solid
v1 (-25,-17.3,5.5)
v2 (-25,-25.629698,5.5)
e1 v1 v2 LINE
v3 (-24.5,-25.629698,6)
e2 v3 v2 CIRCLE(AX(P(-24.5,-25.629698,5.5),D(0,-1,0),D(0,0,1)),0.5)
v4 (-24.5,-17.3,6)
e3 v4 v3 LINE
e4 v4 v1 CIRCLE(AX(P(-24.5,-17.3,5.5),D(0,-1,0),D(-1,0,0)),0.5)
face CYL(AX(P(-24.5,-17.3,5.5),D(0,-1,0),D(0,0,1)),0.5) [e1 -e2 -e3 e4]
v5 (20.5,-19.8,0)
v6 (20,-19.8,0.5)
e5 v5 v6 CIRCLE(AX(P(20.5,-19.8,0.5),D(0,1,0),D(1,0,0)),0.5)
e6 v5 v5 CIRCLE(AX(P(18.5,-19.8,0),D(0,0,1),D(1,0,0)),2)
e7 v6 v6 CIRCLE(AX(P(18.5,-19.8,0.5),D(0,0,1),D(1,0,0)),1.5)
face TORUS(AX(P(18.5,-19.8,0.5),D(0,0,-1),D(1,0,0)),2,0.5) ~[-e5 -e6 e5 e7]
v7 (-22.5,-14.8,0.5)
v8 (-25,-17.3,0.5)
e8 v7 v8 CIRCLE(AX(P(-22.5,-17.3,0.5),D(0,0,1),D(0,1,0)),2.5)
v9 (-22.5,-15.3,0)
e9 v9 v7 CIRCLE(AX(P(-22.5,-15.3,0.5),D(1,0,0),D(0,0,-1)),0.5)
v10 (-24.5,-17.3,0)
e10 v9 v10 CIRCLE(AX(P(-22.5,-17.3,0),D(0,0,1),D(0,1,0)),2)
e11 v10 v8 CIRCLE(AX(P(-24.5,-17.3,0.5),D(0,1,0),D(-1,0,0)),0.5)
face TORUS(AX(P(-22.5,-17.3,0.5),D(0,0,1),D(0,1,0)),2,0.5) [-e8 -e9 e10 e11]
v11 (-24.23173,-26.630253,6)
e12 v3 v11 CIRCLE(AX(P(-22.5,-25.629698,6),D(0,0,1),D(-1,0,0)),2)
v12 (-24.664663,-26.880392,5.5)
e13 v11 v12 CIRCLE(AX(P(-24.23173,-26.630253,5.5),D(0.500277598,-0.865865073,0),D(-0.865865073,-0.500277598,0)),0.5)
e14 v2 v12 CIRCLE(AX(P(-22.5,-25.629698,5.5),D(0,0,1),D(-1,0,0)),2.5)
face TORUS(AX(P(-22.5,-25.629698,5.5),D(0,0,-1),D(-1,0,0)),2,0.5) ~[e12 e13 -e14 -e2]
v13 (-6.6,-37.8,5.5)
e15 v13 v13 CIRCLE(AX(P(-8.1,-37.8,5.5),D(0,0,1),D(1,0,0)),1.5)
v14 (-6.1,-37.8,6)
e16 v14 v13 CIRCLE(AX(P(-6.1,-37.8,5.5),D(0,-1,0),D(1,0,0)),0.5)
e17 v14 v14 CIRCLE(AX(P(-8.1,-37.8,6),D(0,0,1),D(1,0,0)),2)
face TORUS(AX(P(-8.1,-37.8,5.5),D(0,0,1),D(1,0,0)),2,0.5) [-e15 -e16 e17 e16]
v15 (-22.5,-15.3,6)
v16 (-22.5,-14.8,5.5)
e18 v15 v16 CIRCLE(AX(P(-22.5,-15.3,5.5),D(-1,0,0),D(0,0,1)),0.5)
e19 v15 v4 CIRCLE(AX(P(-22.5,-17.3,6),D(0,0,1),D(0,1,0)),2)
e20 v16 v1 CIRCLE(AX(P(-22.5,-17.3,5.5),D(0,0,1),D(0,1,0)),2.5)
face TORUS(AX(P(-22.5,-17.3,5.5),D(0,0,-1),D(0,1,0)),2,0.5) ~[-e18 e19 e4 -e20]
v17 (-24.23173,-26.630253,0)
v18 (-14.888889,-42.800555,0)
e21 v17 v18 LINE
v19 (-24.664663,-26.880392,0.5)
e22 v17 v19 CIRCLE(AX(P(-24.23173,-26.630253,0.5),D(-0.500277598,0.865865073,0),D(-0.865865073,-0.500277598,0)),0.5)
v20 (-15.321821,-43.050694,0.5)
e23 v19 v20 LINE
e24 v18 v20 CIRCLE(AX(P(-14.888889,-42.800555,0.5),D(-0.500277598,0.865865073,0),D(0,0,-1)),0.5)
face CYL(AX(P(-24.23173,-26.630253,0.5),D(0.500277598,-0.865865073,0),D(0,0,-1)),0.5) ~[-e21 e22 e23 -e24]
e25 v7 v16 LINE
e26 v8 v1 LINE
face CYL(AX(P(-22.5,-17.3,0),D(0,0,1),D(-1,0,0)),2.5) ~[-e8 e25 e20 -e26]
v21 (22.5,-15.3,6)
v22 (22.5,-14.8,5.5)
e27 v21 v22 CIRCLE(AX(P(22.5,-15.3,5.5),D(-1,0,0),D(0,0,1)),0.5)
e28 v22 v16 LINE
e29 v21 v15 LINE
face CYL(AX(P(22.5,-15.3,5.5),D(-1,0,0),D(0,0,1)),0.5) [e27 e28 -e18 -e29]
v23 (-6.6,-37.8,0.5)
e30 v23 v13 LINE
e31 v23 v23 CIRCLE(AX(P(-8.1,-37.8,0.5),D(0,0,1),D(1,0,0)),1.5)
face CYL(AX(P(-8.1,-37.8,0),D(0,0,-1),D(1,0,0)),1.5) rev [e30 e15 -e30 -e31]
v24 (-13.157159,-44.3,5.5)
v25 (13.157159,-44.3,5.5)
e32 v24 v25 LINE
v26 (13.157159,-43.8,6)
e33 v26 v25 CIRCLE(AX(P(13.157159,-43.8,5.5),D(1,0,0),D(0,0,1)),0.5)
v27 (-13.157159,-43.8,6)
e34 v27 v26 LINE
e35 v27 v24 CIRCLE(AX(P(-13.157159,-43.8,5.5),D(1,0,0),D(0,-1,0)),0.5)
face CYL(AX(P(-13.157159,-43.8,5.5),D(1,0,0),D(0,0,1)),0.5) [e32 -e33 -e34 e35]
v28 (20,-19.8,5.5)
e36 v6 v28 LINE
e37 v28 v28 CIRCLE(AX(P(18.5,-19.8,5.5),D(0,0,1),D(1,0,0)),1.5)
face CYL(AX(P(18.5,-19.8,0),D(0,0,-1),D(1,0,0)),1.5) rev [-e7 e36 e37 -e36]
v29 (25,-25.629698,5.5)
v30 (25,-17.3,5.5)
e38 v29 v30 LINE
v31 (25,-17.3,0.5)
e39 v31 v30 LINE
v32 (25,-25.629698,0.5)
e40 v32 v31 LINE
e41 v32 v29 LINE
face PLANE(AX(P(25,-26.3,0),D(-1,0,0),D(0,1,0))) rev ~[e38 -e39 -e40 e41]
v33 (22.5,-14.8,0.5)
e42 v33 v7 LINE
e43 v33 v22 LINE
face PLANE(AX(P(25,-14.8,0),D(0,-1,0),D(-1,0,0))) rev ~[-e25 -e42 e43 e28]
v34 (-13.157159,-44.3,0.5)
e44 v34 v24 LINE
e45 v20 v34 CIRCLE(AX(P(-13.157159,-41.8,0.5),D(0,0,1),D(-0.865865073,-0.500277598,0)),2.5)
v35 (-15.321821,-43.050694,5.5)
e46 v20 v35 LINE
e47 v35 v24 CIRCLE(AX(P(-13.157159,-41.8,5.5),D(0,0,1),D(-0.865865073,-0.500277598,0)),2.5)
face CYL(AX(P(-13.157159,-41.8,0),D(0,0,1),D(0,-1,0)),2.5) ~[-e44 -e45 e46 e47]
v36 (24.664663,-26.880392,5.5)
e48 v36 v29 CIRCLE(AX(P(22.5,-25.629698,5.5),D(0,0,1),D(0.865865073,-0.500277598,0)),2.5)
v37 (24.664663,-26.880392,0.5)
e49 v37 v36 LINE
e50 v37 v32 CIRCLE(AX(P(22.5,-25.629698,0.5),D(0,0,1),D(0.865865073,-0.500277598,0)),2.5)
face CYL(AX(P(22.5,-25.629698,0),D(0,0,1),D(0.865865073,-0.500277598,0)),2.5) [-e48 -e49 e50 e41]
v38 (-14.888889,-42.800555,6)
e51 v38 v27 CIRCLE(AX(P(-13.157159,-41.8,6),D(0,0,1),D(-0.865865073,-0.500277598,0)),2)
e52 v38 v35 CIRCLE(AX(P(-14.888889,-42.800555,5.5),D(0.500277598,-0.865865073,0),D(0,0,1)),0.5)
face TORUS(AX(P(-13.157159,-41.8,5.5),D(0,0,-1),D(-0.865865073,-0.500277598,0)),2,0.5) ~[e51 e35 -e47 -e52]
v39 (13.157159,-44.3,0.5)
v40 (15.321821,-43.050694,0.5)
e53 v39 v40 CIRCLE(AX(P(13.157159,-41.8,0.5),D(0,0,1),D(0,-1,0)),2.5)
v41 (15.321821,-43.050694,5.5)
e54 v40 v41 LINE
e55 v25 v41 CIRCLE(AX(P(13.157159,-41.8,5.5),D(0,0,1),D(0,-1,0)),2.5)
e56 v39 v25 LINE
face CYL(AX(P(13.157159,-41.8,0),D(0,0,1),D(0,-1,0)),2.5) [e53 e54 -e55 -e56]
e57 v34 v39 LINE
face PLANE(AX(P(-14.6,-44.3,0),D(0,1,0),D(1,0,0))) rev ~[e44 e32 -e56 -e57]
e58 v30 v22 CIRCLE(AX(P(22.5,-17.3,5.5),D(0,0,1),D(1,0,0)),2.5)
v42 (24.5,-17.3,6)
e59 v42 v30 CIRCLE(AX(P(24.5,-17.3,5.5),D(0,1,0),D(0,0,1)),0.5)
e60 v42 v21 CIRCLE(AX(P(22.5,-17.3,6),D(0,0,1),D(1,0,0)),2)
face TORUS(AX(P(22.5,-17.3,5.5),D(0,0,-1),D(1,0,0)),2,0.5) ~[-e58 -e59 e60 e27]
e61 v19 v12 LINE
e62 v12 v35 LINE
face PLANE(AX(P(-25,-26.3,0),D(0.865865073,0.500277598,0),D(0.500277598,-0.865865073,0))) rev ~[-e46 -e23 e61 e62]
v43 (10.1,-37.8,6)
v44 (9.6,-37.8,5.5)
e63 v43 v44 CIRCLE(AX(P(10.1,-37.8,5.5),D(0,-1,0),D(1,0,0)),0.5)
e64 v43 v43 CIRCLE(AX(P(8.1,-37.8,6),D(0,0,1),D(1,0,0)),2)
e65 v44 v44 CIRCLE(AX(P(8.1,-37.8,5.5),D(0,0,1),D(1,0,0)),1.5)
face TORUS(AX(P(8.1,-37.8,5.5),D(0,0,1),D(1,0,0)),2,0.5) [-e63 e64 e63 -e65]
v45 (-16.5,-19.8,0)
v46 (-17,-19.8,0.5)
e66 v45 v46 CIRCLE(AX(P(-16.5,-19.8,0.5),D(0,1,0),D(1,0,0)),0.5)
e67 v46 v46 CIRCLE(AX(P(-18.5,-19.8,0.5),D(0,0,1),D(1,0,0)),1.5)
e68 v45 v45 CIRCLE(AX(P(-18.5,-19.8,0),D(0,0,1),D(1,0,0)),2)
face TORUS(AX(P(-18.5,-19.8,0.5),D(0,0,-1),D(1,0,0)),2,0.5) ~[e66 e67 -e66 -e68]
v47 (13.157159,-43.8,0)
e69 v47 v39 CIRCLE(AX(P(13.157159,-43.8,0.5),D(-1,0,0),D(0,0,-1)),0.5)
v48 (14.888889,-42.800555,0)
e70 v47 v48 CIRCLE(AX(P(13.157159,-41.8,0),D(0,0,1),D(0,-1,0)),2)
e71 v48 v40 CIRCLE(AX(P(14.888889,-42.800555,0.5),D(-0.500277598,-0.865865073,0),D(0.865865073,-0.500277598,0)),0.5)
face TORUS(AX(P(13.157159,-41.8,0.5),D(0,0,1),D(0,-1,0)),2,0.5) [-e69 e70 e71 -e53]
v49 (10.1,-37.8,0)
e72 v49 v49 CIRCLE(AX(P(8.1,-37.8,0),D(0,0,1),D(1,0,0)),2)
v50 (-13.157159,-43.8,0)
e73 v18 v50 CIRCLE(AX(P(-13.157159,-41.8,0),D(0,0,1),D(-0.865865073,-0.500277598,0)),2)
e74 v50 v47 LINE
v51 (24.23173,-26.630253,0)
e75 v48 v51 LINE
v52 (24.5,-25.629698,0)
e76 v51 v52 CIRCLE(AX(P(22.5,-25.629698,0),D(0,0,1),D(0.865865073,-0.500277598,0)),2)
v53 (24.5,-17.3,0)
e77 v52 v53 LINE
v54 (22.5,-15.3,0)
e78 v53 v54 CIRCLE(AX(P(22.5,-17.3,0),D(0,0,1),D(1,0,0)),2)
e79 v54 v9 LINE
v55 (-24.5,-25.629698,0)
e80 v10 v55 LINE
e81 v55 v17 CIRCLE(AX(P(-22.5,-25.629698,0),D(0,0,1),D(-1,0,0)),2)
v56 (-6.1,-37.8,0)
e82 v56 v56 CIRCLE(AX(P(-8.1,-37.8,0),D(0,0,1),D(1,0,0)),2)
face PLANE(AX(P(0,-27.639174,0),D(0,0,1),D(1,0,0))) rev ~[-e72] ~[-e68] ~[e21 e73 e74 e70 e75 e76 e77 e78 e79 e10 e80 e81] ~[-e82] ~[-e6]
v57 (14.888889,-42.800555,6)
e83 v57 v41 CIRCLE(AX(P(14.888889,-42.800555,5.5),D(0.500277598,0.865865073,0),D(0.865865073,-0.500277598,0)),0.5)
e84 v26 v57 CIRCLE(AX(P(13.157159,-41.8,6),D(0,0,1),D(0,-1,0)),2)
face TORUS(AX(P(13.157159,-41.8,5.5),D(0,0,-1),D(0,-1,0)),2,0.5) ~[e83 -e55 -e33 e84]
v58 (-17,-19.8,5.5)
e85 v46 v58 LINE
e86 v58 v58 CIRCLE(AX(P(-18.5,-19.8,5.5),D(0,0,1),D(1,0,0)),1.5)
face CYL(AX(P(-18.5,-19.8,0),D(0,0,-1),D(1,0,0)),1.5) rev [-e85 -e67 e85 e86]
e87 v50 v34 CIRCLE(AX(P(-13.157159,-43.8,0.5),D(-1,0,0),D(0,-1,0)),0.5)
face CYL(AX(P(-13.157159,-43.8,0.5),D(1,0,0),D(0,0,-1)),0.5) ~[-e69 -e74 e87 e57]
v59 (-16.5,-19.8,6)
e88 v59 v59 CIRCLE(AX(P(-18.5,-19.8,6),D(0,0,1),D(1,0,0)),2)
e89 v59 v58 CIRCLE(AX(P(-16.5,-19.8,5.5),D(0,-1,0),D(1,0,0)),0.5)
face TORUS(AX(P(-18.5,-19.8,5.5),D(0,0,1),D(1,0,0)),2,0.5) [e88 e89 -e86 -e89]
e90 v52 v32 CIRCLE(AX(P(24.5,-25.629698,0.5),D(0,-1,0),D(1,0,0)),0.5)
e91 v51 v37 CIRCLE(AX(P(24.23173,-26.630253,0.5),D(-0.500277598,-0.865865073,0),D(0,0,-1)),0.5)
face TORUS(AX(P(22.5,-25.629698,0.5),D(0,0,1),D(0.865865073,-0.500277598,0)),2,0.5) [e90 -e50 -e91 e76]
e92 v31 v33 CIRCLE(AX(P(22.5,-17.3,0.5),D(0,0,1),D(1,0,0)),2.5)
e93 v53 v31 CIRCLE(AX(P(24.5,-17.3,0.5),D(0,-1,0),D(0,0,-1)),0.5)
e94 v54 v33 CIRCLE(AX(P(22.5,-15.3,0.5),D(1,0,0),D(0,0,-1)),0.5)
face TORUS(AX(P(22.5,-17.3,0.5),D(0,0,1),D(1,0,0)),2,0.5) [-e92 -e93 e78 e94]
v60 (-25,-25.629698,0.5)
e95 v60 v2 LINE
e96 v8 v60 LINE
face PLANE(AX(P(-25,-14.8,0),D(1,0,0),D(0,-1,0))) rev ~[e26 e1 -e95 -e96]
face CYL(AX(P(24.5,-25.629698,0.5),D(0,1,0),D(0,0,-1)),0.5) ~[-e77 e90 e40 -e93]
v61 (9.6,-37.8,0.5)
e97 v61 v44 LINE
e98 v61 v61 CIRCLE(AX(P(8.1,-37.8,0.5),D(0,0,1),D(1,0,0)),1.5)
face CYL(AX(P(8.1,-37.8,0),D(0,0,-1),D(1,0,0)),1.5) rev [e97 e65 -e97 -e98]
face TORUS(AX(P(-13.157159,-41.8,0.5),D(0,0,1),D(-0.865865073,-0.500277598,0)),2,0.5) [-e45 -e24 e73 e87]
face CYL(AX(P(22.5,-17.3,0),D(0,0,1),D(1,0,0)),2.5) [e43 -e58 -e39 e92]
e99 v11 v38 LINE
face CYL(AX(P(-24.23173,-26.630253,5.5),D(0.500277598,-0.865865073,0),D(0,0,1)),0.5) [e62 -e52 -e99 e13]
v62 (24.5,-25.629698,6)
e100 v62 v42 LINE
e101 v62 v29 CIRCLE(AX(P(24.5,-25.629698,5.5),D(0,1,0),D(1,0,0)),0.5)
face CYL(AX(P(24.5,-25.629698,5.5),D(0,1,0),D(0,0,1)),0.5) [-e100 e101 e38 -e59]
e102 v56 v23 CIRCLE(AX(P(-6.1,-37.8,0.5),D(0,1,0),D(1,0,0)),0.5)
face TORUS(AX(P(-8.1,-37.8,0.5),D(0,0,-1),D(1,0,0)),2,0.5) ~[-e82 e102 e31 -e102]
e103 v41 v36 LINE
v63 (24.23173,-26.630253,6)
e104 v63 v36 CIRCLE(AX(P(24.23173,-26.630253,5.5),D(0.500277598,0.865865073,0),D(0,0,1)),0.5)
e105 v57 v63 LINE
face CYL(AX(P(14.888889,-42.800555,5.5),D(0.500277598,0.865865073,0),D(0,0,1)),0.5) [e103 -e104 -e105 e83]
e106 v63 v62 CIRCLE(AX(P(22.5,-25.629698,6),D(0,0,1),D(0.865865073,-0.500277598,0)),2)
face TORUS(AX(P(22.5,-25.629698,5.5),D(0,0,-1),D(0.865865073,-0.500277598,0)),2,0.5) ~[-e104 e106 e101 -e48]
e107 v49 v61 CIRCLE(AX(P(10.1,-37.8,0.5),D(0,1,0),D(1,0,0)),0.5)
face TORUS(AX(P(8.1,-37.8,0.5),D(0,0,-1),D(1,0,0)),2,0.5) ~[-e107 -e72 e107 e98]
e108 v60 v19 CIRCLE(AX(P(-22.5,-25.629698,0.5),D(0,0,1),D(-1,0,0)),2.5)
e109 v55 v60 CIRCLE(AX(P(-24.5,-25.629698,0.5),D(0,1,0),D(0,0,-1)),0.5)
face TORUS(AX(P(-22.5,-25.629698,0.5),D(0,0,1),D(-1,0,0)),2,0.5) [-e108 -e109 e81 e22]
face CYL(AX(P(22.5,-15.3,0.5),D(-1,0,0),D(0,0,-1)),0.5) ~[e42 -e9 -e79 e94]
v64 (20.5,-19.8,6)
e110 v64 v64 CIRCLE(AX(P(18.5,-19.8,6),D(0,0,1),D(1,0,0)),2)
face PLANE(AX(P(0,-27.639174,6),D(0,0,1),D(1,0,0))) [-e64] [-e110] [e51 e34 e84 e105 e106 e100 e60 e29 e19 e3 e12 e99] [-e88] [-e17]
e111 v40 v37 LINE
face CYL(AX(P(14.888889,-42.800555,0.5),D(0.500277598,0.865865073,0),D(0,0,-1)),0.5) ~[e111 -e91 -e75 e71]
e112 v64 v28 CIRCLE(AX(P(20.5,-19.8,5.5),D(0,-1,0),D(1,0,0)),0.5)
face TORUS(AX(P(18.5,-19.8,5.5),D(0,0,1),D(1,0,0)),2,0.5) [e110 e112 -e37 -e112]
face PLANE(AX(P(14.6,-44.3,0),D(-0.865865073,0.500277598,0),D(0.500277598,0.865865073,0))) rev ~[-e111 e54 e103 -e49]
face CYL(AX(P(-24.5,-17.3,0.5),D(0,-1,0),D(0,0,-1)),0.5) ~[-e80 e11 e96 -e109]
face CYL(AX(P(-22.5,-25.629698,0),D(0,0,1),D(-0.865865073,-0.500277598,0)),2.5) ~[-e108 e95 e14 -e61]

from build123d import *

# Parameters (mm, degrees)
SKETCH1_R           = 1.5
BOSS_EXTRUDE1_DEPTH = 6
FILLET1_R           = 2.5
FILLET2_R           = 0.5


with BuildPart() as part:
    # Sketch1 → Boss-Extrude1 (new body)
    with BuildSketch(Plane.XY):
        Polygon((-14.6, -44.3), (14.6, -44.3), (25, -26.3), (25, -14.8), (-25, -14.8), (-25, -26.3), align=None)
        with Locations((-18.5, -19.8)):
            Circle(SKETCH1_R, mode=Mode.SUBTRACT)
        with Locations((18.5, -19.8)):
            Circle(SKETCH1_R, mode=Mode.SUBTRACT)
        with Locations((8.1, -37.8)):
            Circle(SKETCH1_R, mode=Mode.SUBTRACT)
        with Locations((-8.1, -37.8)):
            Circle(SKETCH1_R, mode=Mode.SUBTRACT)
    extrude(amount=BOSS_EXTRUDE1_DEPTH)

    # Fillet1
    fillet1_edges = [part.edges().sort_by_distance(p)[0] for p in [
        (-25, -26.3, 3),
        (-25, -14.8, 3),
        (25, -14.8, 3),
        (25, -26.3, 3),
        (14.6, -44.3, 3),
        (-14.6, -44.3, 3),
    ]]
    fillet(fillet1_edges, radius=FILLET1_R)

    # Fillet2
    fillet2_edges = [part.edges().sort_by_distance(p)[0] for p in [
        (-20, -19.8, 0),
        (-20, -19.8, 6),
        (17, -19.8, 0),
        (17, -19.8, 6),
        (6.6, -37.8, 0),
        (6.6, -37.8, 6),
        (-9.6, -37.8, 0),
        (-9.6, -37.8, 6),
        (0, -14.8, 0),
        (0, -14.8, 6),
        (-19.993241965, -34.965542752, 0),
        (-25, -21.464848758, 0),
        (25, -21.464848758, 0),
        (19.993241965, -34.965542752, 0),
        (0, -44.3, 0),
        (-14.406811519, -43.965263839, 0),
        (-24.914710822, -26.277132181, 0),
        (-24.267766953, -15.532233047, 0),
        (14.406811519, -43.965263839, 0),
        (24.914710822, -26.277132181, 0),
        (24.267766953, -15.532233047, 0),
        (25, -21.464848758, 6),
        (-19.993241965, -34.965542752, 6),
        (0, -44.3, 6),
        (19.993241965, -34.965542752, 6),
        (-25, -21.464848758, 6),
        (-14.406811519, -43.965263839, 6),
        (-24.914710822, -26.277132181, 6),
        (-24.267766953, -15.532233047, 6),
        (14.406811519, -43.965263839, 6),
        (24.914710822, -26.277132181, 6),
        (24.267766953, -15.532233047, 6),
    ]]
    fillet(fillet2_edges, radius=FILLET2_R)


solid = part.part
